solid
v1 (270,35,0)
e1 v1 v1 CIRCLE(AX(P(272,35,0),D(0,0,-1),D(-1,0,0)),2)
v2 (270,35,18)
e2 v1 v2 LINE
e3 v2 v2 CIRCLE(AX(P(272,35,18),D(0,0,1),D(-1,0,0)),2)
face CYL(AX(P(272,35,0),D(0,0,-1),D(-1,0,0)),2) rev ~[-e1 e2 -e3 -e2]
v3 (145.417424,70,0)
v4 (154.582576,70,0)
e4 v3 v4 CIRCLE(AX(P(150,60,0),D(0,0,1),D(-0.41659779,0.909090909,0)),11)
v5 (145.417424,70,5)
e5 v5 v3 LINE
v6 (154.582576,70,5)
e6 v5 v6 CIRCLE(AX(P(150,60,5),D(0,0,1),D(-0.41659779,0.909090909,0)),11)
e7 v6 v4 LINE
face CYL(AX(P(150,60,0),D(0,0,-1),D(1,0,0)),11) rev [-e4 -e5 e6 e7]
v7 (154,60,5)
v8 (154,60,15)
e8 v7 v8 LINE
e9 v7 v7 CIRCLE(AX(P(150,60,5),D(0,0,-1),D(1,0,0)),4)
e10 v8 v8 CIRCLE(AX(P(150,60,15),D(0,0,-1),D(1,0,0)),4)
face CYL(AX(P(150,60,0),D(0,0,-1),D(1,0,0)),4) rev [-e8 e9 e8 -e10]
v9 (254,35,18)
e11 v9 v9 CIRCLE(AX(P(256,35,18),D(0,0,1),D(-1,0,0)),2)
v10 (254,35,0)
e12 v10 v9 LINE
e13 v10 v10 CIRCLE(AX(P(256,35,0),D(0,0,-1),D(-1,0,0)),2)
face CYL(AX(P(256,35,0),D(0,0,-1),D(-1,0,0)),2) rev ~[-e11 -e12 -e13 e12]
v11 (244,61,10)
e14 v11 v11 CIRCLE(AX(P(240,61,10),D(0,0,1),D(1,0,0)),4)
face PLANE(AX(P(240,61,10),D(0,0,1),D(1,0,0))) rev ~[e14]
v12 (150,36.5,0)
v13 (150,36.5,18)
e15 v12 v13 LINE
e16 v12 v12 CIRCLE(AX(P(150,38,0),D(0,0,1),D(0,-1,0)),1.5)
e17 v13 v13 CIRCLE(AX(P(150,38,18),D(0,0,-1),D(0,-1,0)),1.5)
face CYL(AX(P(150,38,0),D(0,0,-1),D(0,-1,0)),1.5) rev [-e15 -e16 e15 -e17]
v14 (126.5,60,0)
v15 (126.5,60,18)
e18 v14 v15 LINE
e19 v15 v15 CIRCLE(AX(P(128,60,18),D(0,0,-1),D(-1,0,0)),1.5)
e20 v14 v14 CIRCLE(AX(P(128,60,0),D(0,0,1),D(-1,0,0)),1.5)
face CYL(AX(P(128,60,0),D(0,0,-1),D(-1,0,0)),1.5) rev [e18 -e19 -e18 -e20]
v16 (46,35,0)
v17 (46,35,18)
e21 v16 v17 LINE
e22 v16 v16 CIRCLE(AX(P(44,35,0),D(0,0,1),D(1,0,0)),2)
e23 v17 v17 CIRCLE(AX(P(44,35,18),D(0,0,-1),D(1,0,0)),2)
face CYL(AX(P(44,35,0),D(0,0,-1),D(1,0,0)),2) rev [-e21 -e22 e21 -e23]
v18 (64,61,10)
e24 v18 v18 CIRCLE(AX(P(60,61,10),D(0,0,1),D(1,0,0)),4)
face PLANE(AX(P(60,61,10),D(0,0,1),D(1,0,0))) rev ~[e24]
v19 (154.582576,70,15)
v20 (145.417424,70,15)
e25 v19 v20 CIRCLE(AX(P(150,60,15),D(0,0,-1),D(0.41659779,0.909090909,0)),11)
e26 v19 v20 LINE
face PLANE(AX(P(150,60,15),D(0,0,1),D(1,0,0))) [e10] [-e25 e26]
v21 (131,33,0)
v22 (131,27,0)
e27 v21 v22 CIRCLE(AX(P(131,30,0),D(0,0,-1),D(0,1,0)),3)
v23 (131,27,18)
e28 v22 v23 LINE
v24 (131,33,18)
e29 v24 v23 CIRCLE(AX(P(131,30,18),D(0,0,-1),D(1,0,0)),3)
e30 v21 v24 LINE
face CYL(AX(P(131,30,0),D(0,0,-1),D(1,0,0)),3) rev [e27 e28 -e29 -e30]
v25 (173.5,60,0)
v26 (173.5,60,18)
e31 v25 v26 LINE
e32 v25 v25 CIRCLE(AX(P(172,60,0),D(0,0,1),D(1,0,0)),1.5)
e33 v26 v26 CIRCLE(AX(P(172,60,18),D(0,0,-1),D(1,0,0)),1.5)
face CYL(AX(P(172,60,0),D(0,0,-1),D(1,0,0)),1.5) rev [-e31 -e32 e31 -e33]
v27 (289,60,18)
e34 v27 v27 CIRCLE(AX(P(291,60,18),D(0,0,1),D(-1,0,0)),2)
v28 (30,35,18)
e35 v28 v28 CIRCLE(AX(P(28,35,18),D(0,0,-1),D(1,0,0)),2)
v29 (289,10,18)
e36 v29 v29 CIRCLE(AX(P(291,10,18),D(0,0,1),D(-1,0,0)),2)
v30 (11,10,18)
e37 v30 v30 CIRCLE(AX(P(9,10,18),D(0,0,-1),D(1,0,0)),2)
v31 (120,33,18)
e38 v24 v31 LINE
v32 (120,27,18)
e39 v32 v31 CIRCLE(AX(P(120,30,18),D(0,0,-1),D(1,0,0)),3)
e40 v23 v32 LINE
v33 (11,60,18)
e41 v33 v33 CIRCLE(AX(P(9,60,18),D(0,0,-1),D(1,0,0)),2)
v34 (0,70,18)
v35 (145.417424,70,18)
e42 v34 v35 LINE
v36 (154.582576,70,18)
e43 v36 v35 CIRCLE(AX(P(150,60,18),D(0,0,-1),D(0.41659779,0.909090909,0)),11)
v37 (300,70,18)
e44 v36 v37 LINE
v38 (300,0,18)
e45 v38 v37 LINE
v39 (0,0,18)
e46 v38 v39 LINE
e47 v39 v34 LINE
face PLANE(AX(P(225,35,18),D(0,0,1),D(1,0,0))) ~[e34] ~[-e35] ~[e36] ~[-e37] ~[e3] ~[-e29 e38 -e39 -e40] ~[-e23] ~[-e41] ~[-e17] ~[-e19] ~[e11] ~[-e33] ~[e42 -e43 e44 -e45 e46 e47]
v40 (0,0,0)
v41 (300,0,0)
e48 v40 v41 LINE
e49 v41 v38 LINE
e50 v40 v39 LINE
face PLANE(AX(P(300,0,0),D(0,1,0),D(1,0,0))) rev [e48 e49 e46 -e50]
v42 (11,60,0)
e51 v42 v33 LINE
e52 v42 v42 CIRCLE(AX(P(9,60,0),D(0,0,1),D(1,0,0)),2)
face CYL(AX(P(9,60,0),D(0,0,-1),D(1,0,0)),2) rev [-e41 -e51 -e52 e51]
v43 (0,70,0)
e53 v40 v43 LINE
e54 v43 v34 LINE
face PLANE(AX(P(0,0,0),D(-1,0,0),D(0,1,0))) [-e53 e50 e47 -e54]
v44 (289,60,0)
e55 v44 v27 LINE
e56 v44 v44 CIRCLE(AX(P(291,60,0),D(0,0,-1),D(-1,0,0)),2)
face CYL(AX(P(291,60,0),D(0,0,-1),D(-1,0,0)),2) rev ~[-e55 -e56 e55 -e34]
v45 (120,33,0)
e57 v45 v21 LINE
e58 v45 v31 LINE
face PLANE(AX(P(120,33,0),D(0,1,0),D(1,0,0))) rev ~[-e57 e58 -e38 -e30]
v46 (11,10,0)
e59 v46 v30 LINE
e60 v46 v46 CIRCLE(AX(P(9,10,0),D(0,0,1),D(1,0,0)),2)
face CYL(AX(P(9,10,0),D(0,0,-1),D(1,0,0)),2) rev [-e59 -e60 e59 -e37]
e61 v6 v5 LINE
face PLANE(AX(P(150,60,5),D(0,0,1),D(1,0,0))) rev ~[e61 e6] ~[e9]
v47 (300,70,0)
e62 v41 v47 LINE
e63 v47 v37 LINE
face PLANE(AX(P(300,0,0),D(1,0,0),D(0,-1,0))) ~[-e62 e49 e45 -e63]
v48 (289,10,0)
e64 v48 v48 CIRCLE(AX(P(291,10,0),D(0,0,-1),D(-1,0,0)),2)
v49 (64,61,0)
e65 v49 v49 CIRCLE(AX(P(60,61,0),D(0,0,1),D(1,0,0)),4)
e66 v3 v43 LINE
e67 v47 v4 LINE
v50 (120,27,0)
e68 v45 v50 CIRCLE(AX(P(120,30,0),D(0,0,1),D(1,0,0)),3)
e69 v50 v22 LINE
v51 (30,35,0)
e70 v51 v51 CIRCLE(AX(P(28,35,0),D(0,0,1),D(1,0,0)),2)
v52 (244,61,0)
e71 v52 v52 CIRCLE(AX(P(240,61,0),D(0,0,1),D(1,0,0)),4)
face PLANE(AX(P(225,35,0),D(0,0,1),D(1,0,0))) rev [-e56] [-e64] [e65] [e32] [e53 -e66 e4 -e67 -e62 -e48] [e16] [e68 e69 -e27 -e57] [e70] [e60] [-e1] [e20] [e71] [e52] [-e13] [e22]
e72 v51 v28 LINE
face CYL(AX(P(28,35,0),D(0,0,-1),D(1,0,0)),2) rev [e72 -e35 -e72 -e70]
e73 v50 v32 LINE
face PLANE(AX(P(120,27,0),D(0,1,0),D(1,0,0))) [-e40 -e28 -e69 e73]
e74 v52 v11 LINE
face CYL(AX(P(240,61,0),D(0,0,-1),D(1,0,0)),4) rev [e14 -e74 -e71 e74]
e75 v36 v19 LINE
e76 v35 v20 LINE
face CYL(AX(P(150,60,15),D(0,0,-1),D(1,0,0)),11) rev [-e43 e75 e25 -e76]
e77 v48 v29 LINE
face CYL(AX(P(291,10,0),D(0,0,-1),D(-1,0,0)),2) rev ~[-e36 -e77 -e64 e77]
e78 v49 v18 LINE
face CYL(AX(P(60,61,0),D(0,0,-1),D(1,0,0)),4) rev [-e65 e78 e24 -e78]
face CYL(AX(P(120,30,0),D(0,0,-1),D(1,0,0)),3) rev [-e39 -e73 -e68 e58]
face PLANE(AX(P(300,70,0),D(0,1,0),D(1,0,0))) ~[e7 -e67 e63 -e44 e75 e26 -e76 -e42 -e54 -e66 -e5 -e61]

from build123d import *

# Parameters (mm, degrees)
CYLINDER009_R     = 4
CYLINDER009_DEPTH = 10
CYLINDER008_R     = 4
CYLINDER008_DEPTH = 10
CYLINDER002_R     = 1.5
CYLINDER002_DEPTH = 25
ARRAY002_COUNT    = 4
CYLINDER003_R     = 11
CYLINDER003_DEPTH = 10
CYLINDER005_R     = 11
CYLINDER005_DEPTH = 5
CYLINDER004_R     = 4
CYLINDER004_DEPTH = 30
CYLINDER_R        = 2
CYLINDER_DEPTH    = 25
ARRAY_Y_COUNT     = 2
ARRAY_Y_PITCH     = 50
CYLINDER001_R     = 2
CYLINDER001_DEPTH = 25
ARRAY001_X_COUNT  = 2
ARRAY001_X_PITCH  = 16
BOX_W             = 150
BOX_H             = 70
BOX_DEPTH         = 18
BOX001_W          = 11
BOX001_H          = 6
BOX001_DEPTH      = 25
CYLINDER006_R     = 3
CYLINDER006_DEPTH = 25
CYLINDER007_R     = 3
CYLINDER007_DEPTH = 25


with BuildPart() as cilindro009:
    # Cylinder009 → Cylinder009 (new body)
    with BuildSketch(Plane(origin=(240, 61, 0), x_dir=(1, 0, 0), z_dir=(0, 0, 1))):
        Circle(CYLINDER009_R)
    extrude(amount=CYLINDER009_DEPTH)


with BuildPart() as cilindro008:
    # Cylinder008 → Cylinder008 (new body)
    with BuildSketch(Plane(origin=(60, 61, 0), x_dir=(1, 0, 0), z_dir=(0, 0, 1))):
        Circle(CYLINDER008_R)
    extrude(amount=CYLINDER008_DEPTH)


with BuildPart() as array002:
    # Cylinder002 → Cylinder002 (new body)
    with BuildSketch(Plane(origin=(22, 0, 0), x_dir=(1, 0, 0), z_dir=(0, 0, 1))):
        Circle(CYLINDER002_R)
    extrude(amount=CYLINDER002_DEPTH)

    # Array002: Array002 ×4 about axis
    array002_axis = Axis((0, 0, 0), (0, 0, 1))


with BuildPart() as array002_1:
    add(array002.part)
    for i in range(1, ARRAY002_COUNT):
        add(array002.part.rotate(array002_axis, i * 360 / ARRAY002_COUNT))


with BuildPart() as array002_2:
    # Array002 placement: moved
    add(array002_1.part.moved(Location((150, 60, 0))))


with BuildPart() as cilindro003:
    # Cylinder003 → Cylinder003 (new body)
    with BuildSketch(Plane.XY.offset(15)):
        Circle(CYLINDER003_R)
    extrude(amount=CYLINDER003_DEPTH)


with BuildPart() as fusion:
    # Cylinder005 → Cylinder005 (new body)
    with BuildSketch(Plane.XY):
        Circle(CYLINDER005_R)
    extrude(amount=CYLINDER005_DEPTH)

    # Fusion: union Cilindro003
    add(cilindro003.part)


with BuildPart() as fusion_1:
    # Fusion placement: moved
    add(fusion.part.moved(Location((150, 60, 0))))


with BuildPart() as huecomotor:
    # Cylinder004 → Cylinder004 (new body)
    with BuildSketch(Plane(origin=(150, 60, 0), x_dir=(1, 0, 0), z_dir=(0, 0, 1))):
        Circle(CYLINDER004_R)
    extrude(amount=CYLINDER004_DEPTH)

    # Fusion001: union Fusion
    add(fusion_1.part)


with BuildPart() as array:
    # Cylinder → Cylinder (new body)
    with BuildSketch(Plane.XY):
        Circle(CYLINDER_R)
    extrude(amount=CYLINDER_DEPTH)

    # Array Y: Array ×2


with BuildPart() as array_1:
    add(array.part)
    with Locations(*[(0, i * ARRAY_Y_PITCH, 0) for i in range(1, ARRAY_Y_COUNT)]):
        add(array.part)


with BuildPart() as array_2:
    # Array placement: moved
    add(array_1.part.moved(Location((9, 10, 0))))


with BuildPart() as array001:
    # Cylinder001 → Cylinder001 (new body)
    with BuildSketch(Plane(origin=(28, 0, 0), x_dir=(1, 0, 0), z_dir=(0, 0, 1))):
        Circle(CYLINDER001_R)
    extrude(amount=CYLINDER001_DEPTH)

    # Array001 X: Array001 ×2


with BuildPart() as array001_1:
    add(array001.part)
    with Locations(*[(i * ARRAY001_X_PITCH, 0, 0) for i in range(1, ARRAY001_X_COUNT)]):
        add(array001.part)


with BuildPart() as array001_2:
    # Array001 placement: moved
    add(array001_1.part.moved(Location((0, 35, 0))))


with BuildPart() as base:
    # Box → Box (new body)
    with BuildSketch(Plane.XY):
        with Locations((75, 35)):
            Rectangle(BOX_W, BOX_H)
    extrude(amount=BOX_DEPTH)

    # Cut: cut Array001
    add(array001_2.part, mode=Mode.SUBTRACT)

    # Cut001: cut Array
    add(array_2.part, mode=Mode.SUBTRACT)


with BuildPart() as mirror_of_base:
    # mirror: instance of Base
    add(base.part.mirror(Plane(origin=(150, 0, 0), x_dir=(0, 1, 0), z_dir=(-1, 0, 0))))


with BuildPart() as cubo001:
    # Box001 → Box001 (new body)
    with BuildSketch(Plane(origin=(120, 27, 0), x_dir=(1, 0, 0), z_dir=(0, 0, 1))):
        with Locations((5.5, 3)):
            Rectangle(BOX001_W, BOX001_H)
    extrude(amount=BOX001_DEPTH)


with BuildPart() as cilindro006:
    # Cylinder006 → Cylinder006 (new body)
    with BuildSketch(Plane(origin=(120, 30, 0), x_dir=(1, 0, 0), z_dir=(0, 0, 1))):
        Circle(CYLINDER006_R)
    extrude(amount=CYLINDER006_DEPTH)


with BuildPart() as fusion002:
    # Cylinder007 → Cylinder007 (new body)
    with BuildSketch(Plane(origin=(131, 30, 0), x_dir=(1, 0, 0), z_dir=(0, 0, 1))):
        Circle(CYLINDER007_R)
    extrude(amount=CYLINDER007_DEPTH)

    # Fusion002: union Cubo001, Cilindro006
    add(cubo001.part)
    add(cilindro006.part)


with BuildPart() as cut006:
    # Cut002 base: copy of Base
    add(base.part)

    # Cut002: cut Fusion002
    add(fusion002.part, mode=Mode.SUBTRACT)

    # Fusion003: union Mirror of Base
    add(mirror_of_base.part)

    # Cut003: cut HuecoMotor
    add(huecomotor.part, mode=Mode.SUBTRACT)

    # Cut004: cut Array002
    add(array002_2.part, mode=Mode.SUBTRACT)

    # Cut005: cut Cilindro008
    add(cilindro008.part, mode=Mode.SUBTRACT)

    # Cut006: cut Cilindro009
    add(cilindro009.part, mode=Mode.SUBTRACT)


solid = cut006.part
